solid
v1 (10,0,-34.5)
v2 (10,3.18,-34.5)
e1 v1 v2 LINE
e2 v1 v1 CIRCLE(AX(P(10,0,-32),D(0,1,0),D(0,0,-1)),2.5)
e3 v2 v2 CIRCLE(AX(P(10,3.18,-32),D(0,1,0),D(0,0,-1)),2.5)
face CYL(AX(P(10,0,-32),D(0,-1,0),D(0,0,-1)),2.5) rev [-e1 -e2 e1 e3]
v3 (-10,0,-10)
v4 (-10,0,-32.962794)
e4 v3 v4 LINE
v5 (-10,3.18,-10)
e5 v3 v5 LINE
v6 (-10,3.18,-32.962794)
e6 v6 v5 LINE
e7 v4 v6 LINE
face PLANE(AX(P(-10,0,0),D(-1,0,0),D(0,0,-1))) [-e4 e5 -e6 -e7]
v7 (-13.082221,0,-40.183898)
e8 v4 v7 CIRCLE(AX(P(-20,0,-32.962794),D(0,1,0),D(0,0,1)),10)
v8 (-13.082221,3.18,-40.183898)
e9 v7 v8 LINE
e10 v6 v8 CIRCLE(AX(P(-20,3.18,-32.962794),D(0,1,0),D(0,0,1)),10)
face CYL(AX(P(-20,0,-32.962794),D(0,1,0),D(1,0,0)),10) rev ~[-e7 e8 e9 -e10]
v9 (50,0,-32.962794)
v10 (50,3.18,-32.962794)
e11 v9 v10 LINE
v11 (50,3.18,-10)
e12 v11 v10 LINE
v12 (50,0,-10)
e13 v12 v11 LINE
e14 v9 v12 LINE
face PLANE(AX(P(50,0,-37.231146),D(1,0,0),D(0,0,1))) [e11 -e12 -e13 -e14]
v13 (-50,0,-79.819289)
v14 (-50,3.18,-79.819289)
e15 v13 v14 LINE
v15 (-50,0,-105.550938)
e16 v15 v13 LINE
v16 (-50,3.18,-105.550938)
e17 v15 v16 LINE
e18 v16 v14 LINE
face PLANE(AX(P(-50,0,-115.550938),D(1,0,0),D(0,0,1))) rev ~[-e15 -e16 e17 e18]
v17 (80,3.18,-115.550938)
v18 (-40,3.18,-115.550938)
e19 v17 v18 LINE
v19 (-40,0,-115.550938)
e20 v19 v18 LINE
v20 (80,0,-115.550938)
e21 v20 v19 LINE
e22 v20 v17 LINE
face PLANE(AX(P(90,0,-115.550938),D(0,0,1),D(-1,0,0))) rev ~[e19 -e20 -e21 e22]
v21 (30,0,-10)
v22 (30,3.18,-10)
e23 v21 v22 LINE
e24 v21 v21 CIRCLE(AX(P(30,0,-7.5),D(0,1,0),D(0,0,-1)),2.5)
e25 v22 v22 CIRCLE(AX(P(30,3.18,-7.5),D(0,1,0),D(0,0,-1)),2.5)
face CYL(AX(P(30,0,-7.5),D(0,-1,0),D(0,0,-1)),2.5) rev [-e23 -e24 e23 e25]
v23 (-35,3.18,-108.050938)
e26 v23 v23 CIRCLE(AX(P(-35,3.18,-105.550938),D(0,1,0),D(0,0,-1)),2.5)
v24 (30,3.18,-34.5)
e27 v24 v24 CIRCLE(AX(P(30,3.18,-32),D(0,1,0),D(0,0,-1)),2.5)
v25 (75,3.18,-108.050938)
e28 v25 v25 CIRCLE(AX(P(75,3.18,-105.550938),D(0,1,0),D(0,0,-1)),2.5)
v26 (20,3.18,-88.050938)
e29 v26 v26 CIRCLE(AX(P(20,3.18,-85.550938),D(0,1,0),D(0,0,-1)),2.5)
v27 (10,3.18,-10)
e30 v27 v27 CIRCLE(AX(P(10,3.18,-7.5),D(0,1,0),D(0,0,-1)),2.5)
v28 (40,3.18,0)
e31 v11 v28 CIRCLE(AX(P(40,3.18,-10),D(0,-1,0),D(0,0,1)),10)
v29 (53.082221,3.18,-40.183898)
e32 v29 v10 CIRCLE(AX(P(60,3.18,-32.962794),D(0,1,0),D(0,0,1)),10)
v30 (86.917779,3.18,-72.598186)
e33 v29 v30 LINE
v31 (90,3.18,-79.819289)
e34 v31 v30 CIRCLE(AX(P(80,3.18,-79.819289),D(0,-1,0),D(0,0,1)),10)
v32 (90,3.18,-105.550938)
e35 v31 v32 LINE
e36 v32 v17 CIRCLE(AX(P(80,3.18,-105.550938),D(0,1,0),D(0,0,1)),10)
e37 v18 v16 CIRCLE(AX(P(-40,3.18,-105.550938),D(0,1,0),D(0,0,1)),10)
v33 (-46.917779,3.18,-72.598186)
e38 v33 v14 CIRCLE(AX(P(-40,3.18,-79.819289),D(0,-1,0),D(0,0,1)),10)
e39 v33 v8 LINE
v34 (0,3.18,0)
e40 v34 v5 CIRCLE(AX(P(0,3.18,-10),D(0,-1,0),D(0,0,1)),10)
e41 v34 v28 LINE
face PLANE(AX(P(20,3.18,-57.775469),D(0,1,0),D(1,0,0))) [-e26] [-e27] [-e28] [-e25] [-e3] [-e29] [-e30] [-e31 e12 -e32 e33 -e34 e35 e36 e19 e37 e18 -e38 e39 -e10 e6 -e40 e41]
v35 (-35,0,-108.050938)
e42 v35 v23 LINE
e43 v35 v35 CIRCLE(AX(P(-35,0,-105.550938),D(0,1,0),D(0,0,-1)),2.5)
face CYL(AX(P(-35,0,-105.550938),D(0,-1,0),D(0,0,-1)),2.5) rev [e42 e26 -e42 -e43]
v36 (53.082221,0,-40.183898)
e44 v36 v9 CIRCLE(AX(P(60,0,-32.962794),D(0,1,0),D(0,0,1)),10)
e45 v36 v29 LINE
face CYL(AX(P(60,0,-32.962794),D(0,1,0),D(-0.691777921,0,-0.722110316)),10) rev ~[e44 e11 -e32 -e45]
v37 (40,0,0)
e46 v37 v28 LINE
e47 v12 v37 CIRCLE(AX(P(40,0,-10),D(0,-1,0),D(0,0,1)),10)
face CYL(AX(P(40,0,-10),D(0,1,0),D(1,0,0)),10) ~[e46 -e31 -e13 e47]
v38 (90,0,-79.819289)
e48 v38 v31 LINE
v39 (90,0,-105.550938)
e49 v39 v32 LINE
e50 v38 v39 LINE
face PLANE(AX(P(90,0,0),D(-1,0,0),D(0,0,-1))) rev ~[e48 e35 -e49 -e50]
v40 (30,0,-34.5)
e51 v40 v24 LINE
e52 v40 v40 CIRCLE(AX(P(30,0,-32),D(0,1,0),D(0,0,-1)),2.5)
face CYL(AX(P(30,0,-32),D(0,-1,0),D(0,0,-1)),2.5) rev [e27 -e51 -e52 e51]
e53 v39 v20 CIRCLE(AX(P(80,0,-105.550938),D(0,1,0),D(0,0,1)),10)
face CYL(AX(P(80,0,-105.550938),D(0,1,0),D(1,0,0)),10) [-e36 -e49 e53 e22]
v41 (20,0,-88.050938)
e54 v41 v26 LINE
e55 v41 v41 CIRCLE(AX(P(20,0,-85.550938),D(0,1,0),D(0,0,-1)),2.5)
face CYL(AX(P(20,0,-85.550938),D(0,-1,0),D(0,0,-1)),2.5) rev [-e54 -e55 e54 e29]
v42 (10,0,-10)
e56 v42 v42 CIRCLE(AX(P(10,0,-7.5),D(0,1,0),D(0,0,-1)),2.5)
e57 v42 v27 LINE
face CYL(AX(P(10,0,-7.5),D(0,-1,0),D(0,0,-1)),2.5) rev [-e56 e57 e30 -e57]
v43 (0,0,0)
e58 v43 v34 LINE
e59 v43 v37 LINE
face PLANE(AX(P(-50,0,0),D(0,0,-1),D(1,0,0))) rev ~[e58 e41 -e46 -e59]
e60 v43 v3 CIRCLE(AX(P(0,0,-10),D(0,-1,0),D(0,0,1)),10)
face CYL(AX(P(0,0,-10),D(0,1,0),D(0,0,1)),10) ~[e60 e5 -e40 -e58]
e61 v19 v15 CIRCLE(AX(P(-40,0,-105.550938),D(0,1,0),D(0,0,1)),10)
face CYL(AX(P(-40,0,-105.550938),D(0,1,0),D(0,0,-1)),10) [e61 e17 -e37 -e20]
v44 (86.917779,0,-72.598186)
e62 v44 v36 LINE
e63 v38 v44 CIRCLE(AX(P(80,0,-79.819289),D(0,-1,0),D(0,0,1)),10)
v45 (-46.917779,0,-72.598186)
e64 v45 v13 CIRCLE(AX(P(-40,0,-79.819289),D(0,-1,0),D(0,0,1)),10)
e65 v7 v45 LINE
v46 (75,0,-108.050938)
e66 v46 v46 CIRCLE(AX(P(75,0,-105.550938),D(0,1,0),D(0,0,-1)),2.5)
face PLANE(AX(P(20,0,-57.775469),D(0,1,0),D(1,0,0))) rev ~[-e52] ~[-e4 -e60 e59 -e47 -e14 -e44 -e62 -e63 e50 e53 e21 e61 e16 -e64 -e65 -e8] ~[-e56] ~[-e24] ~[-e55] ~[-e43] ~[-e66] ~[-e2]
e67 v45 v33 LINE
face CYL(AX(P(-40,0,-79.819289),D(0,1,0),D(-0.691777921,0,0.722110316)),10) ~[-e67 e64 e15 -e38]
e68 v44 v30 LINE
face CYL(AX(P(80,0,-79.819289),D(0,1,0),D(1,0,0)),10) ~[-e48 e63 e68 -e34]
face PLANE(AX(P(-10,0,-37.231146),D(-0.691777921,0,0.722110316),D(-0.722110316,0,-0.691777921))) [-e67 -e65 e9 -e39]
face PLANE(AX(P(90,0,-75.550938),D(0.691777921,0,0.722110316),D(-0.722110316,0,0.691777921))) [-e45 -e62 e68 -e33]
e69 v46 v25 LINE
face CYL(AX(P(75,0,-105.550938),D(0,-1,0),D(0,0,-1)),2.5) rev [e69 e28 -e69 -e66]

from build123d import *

# Parameters (mm, degrees)
SKETCH1_R           = 2.5
BOSS_EXTRUDE1_DEPTH = 3.18
CUT_EXTRUDE1_DEPTH  = 147.499595989
FILLET1_R           = 10


with BuildPart() as part:
    # Sketch1 → Boss-Extrude1 (new body)
    with BuildSketch(Plane(origin=(0, 0, 0), x_dir=(1, 0, 0), z_dir=(0, 1, 0))):
        Polygon((0, 0), (40, 0), (90, 0), (90, 40), (90, 75.550937794), (90, 115.550937794), (-50, 115.550937794), (-50, 0), align=None)
        with Locations(Location((-35, 105.550937794, 0), (0, 0, 90))):
            Circle(SKETCH1_R, mode=Mode.SUBTRACT)
        with Locations(Location((75, 105.550937794, 0), (0, 0, 90))):
            Circle(SKETCH1_R, mode=Mode.SUBTRACT)
        with Locations(Location((20, 85.550937794, 0), (0, 0, 90))):
            Circle(SKETCH1_R, mode=Mode.SUBTRACT)
        with Locations(Location((10, 7.5, 0), (0, 0, 90))):
            Circle(SKETCH1_R, mode=Mode.SUBTRACT)
        with Locations(Location((30, 7.5, 0), (0, 0, 90))):
            Circle(SKETCH1_R, mode=Mode.SUBTRACT)
        with Locations(Location((10, 32, 0), (0, 0, 90))):
            Circle(SKETCH1_R, mode=Mode.SUBTRACT)
        with Locations(Location((30, 32, 0), (0, 0, 90))):
            Circle(SKETCH1_R, mode=Mode.SUBTRACT)
    extrude(amount=BOSS_EXTRUDE1_DEPTH)

    # Sketch3 → Cut-Extrude1 (cut, through all)
    with BuildSketch(Plane.XZ):
        Polygon((90, -75.550937794), (50, -37.231146138), (50, 0), (90, 0), (90, -37.231146138), align=None)
        Polygon((-10, -37.231146138), (-50, -75.550937794), (-50, -37.231146138), (-50, 0), (-10, 0), align=None)
    extrude(amount=-CUT_EXTRUDE1_DEPTH, mode=Mode.SUBTRACT)

    # Fillet1
    fillet1_edges = [part.edges().sort_by_distance(p)[0] for p in [
        (-50, 1.59, -115.550937794),
        (90, 1.59, -115.550937794),
        (90, 1.59, -75.550937794),
        (50, 1.59, -37.231146138),
        (50, 1.59, 0),
        (-10, 1.59, 0),
        (-10, 1.59, -37.231146138),
        (-50, 1.59, -75.550937794),
    ]]
    fillet(fillet1_edges, radius=FILLET1_R)


solid = part.part
